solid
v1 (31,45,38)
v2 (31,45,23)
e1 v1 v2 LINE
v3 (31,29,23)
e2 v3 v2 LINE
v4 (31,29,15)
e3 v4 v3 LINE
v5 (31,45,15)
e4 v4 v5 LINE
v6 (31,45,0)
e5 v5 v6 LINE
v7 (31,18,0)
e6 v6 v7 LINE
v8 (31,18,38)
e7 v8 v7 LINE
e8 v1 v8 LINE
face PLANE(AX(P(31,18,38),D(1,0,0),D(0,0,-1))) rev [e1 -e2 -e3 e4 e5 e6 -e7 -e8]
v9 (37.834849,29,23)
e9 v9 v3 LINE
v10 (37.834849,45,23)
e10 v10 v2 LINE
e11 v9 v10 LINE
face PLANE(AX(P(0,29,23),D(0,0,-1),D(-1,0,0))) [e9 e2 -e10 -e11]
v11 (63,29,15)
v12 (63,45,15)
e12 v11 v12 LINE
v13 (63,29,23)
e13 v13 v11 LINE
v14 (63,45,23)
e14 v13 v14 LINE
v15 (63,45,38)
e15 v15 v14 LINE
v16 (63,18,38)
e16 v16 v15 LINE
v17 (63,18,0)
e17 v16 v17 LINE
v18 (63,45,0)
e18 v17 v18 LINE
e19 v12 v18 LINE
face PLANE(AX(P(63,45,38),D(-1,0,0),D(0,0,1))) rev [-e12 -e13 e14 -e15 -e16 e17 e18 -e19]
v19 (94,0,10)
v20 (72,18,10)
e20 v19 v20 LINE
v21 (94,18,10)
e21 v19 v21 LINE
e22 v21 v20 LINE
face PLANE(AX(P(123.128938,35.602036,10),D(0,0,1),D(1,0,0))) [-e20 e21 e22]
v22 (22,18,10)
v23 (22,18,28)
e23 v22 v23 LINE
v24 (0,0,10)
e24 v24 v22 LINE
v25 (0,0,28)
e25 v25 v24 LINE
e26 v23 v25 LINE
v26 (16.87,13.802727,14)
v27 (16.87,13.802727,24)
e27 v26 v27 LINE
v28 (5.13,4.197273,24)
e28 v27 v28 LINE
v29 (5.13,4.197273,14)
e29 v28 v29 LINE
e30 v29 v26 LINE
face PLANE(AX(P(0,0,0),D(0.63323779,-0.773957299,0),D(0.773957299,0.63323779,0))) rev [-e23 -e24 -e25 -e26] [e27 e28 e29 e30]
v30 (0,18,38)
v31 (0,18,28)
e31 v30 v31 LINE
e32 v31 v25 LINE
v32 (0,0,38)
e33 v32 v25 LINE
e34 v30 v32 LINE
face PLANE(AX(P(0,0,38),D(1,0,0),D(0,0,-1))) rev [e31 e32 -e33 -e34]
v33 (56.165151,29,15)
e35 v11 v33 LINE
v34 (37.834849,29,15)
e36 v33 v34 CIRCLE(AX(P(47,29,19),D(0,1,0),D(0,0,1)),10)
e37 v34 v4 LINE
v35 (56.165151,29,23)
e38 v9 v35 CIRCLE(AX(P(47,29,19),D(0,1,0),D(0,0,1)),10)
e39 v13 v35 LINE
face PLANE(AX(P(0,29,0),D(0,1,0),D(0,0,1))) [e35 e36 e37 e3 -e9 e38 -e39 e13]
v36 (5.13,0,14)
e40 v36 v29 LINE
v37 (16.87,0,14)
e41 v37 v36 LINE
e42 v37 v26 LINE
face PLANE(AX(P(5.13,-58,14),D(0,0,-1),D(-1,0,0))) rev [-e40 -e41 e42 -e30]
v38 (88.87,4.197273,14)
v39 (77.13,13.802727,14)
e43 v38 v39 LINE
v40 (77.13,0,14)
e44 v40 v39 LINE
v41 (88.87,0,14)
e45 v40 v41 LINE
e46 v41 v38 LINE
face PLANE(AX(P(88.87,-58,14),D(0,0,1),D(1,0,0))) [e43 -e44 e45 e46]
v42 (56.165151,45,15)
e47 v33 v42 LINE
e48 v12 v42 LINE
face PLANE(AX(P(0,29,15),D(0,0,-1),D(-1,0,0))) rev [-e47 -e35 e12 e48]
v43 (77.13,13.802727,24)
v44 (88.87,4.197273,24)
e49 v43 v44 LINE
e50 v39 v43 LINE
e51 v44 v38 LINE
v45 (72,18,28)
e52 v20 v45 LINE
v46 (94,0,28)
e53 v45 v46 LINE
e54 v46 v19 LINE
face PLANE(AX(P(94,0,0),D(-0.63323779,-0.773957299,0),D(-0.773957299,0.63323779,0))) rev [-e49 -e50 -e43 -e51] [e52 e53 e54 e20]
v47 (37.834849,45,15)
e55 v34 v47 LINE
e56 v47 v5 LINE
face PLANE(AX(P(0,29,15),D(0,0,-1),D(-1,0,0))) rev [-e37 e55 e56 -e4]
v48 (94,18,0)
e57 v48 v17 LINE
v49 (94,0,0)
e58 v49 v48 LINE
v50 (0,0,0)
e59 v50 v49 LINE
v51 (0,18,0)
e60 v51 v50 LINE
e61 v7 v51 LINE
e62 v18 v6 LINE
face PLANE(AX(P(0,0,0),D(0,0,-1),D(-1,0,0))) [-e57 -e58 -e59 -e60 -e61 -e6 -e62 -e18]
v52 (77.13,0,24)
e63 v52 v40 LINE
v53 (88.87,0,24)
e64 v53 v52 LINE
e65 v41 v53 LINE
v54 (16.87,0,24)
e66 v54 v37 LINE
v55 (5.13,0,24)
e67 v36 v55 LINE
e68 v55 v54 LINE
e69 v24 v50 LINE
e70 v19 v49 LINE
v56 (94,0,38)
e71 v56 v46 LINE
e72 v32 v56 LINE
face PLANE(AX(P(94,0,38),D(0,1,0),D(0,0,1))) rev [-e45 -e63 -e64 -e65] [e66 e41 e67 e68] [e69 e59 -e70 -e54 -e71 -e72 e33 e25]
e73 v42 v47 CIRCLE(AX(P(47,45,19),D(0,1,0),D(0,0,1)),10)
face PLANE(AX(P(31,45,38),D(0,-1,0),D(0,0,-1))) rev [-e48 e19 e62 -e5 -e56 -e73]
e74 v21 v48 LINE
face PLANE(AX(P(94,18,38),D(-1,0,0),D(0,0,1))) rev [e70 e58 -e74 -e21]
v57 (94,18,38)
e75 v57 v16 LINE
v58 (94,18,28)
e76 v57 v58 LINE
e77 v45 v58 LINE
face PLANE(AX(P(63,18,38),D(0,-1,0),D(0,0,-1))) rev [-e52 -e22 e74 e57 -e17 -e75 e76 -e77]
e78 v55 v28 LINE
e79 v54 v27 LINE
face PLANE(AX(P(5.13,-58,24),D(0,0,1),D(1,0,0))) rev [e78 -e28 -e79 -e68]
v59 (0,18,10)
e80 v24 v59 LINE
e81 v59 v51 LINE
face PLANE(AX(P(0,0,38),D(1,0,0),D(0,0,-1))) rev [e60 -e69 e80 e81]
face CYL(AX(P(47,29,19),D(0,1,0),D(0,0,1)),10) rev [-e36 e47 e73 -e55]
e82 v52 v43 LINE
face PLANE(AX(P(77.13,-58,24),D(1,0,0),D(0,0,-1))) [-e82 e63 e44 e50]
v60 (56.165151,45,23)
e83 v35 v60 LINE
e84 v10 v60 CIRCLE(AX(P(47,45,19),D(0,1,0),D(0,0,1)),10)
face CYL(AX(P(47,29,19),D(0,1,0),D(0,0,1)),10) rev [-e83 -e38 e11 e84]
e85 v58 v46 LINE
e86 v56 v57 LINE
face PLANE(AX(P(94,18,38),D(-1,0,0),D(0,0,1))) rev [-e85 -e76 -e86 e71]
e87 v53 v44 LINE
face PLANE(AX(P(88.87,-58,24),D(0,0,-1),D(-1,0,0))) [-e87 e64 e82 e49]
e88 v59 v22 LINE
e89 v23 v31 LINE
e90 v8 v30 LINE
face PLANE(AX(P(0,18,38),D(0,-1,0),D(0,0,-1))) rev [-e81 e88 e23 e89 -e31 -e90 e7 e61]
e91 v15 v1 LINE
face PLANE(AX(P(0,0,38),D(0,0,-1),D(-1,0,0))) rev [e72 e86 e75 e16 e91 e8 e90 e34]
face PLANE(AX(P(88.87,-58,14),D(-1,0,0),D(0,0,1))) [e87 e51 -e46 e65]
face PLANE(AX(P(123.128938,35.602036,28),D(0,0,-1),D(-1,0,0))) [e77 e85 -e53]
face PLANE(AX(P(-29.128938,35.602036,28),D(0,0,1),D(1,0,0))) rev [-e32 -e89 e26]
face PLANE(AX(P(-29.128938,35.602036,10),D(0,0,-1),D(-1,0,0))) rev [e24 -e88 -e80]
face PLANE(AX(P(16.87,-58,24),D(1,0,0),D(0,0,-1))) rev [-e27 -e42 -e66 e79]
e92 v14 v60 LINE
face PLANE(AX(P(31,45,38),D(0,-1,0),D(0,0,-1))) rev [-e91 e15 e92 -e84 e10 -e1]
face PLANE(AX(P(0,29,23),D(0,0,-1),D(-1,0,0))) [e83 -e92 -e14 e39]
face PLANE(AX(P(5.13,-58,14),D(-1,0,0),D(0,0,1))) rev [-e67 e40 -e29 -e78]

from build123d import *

# Parameters (mm, degrees)
BOSS_EXTRUDE1_DEPTH = 38
CUT_EXTRUDE1_DEPTH  = 16
SKETCH4_W           = 28.425340807
SKETCH4_H           = 18
CUT_EXTRUDE2_DEPTH  = 46
SKETCH5_W           = 11.74
SKETCH5_H           = 10
CUT_EXTRUDE3_DEPTH  = 76


with BuildPart() as part:
    # Sketch1 → Boss-Extrude1 (new body)
    with BuildSketch(Plane.XY):
        Polygon((0, 0), (0, 18), (31, 18), (31, 45), (63, 45), (63, 18), (94, 18), (94, 0), align=None)
    extrude(amount=BOSS_EXTRUDE1_DEPTH)

    # Sketch2 → Cut-Extrude1 (cut)
    with BuildSketch(Plane(origin=(0, 45, 0), x_dir=(1, 0, 0), z_dir=(0, 1, 0))):
        with BuildLine():
            Line((63, -23), (63, -15))
            Line((63, -15), (56.16515139, -15))
            ThreePointArc((56.16515139, -15), (47, -9), (37.83484861, -15))
            Line((37.83484861, -15), (31, -15))
            Line((31, -15), (31, -23))
            Line((31, -23), (37.83484861, -23))
            ThreePointArc((37.83484861, -23), (47, -29), (56.16515139, -23))
            Line((56.16515139, -23), (63, -23))
        make_face()
    extrude(amount=-CUT_EXTRUDE1_DEPTH, mode=Mode.SUBTRACT)

    # Sketch4 → Cut-Extrude2 (cut)
    with BuildSketch(Plane(origin=(0, 0, 0), x_dir=(-0.773957299203321, -0.6332377902572627, 0), z_dir=(0.6332377902572627, -0.773957299203321, 0))):
        with Locations((-14.212670404, -19)):
            Rectangle(SKETCH4_W, SKETCH4_H)
    cut_extrude2 = extrude(amount=-CUT_EXTRUDE2_DEPTH, mode=Mode.SUBTRACT)

    # Sketch5 → Cut-Extrude3 (cut)
    with BuildSketch(Plane(origin=(0, 18, 0), x_dir=(1, 0, 0), z_dir=(0, 1, 0))):
        with Locations((11, -19)):
            Rectangle(SKETCH5_W, SKETCH5_H)
    cut_extrude3 = extrude(amount=-CUT_EXTRUDE3_DEPTH, mode=Mode.SUBTRACT)

    # Mirror1: Cut-Extrude2, Cut-Extrude3 across plane
    add(cut_extrude2.mirror(Plane(origin=(47, 0, 0), x_dir=(0, 0, 1), z_dir=(1, 0, 0))), mode=Mode.SUBTRACT)
    add(cut_extrude3.mirror(Plane(origin=(47, 0, 0), x_dir=(0, 0, 1), z_dir=(1, 0, 0))), mode=Mode.SUBTRACT)


solid = part.part
